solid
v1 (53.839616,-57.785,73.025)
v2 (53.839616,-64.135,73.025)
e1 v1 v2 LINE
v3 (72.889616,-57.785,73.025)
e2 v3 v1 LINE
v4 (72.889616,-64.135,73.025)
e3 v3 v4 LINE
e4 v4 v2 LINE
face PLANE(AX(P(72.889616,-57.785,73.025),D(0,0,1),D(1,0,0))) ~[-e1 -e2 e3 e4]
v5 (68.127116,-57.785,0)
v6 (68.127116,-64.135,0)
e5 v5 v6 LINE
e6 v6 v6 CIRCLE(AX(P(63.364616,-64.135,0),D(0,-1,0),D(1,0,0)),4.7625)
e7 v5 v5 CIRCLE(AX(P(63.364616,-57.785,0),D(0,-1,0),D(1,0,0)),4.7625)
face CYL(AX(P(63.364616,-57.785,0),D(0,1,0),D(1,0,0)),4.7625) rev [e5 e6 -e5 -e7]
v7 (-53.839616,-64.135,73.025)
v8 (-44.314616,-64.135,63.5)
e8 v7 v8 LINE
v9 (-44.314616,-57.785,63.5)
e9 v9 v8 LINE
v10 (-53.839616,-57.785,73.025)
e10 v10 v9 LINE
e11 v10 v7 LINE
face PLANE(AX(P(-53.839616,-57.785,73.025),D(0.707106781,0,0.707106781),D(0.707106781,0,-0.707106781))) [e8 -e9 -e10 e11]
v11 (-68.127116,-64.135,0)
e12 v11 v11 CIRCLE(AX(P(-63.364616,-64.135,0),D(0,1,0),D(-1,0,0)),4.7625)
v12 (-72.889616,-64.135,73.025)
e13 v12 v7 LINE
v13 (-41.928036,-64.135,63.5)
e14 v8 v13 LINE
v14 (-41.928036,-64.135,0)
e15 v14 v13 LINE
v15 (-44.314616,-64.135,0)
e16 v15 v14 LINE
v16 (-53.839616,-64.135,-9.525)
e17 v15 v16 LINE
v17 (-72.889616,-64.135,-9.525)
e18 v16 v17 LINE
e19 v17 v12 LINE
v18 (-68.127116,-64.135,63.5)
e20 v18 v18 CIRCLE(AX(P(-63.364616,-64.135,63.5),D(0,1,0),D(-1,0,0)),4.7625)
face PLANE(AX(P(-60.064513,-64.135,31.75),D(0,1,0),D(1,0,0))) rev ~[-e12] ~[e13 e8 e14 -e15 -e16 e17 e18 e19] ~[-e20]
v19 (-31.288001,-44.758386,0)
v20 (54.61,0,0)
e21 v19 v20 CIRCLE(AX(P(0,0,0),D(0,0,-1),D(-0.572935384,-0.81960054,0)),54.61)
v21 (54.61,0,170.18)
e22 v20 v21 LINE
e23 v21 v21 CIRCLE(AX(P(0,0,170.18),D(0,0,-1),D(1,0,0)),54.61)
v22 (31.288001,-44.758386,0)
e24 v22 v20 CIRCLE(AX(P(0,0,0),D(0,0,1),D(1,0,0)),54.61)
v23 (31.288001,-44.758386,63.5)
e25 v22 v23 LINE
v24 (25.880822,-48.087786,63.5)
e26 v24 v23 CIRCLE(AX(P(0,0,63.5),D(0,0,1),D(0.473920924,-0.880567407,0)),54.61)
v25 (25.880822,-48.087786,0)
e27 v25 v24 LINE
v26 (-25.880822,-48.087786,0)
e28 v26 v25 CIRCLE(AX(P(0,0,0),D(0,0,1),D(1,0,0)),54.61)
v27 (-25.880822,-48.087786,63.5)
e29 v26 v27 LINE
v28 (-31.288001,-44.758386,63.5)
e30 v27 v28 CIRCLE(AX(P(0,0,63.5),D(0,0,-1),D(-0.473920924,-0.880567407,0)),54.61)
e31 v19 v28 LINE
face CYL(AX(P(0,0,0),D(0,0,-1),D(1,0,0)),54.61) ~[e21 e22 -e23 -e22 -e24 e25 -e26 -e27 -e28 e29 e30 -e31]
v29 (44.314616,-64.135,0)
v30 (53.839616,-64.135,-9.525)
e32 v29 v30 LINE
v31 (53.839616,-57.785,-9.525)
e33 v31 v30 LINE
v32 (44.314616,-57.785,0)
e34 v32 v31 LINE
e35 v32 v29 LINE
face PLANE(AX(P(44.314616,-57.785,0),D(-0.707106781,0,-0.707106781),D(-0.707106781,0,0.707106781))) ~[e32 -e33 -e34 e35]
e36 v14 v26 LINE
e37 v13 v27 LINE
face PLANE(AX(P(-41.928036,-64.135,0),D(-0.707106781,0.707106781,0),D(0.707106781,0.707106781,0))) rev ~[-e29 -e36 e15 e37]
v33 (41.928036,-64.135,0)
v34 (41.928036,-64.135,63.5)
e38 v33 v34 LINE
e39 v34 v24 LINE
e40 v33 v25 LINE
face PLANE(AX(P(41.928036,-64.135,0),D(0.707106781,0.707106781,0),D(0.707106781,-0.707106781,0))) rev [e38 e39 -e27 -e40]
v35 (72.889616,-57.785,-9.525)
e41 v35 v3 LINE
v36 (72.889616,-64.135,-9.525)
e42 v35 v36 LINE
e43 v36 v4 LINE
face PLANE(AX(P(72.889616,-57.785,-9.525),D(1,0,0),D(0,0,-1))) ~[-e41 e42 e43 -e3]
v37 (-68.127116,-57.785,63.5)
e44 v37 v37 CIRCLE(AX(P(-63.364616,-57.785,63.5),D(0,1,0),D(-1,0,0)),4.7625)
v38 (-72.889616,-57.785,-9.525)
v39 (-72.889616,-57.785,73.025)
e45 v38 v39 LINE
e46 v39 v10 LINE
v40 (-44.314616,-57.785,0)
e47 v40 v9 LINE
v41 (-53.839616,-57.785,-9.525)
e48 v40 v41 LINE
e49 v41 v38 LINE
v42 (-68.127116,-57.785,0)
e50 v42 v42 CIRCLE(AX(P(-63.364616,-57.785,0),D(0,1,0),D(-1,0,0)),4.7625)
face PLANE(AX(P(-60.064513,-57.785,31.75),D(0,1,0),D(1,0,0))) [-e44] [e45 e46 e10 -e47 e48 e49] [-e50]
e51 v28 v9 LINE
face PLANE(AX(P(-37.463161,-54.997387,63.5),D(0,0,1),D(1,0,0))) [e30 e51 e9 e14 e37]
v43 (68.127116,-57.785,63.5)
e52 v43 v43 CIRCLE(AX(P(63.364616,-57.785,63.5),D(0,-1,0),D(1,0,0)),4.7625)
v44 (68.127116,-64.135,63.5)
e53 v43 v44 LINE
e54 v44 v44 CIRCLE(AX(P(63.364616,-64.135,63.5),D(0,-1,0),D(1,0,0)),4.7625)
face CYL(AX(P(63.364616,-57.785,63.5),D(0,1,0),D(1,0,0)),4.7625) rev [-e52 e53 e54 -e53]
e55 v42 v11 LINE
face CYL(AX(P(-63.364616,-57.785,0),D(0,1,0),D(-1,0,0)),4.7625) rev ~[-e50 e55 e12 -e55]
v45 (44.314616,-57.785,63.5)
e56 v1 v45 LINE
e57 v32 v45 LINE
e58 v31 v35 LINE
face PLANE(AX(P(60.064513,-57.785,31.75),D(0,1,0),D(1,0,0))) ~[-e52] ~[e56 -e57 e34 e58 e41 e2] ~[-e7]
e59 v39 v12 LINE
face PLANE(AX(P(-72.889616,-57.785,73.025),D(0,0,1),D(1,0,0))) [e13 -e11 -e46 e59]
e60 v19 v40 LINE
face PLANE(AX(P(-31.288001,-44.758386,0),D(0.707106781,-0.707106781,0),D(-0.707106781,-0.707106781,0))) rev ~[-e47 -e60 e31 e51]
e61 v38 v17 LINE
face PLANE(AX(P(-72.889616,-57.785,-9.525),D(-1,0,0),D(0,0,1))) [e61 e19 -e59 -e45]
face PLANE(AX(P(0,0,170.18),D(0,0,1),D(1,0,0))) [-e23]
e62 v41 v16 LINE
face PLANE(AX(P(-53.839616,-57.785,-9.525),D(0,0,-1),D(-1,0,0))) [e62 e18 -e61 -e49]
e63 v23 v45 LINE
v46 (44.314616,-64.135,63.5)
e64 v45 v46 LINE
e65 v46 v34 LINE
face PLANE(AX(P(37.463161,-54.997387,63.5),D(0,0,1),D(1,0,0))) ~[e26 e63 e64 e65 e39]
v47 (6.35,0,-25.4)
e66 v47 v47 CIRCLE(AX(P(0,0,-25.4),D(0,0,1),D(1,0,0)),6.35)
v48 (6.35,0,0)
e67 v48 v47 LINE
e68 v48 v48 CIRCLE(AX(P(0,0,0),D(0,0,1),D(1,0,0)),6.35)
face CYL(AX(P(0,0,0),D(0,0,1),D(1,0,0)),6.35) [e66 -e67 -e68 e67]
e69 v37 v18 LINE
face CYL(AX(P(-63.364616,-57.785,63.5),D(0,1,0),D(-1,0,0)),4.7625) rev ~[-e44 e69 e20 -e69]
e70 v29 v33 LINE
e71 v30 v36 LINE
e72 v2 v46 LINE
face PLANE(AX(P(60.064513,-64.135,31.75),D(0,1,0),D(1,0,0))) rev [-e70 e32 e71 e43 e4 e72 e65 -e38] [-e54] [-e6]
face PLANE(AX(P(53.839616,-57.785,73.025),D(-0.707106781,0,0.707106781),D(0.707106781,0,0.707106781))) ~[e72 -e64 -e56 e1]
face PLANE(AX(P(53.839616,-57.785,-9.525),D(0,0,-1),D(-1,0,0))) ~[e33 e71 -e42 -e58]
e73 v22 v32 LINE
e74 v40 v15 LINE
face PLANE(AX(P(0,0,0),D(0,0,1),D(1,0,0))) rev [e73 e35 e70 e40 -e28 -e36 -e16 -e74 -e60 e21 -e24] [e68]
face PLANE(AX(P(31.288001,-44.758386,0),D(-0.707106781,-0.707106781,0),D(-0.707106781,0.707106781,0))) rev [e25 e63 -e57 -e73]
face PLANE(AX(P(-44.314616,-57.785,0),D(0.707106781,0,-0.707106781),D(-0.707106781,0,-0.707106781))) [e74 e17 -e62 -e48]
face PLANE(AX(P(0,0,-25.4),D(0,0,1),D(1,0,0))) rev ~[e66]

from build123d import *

# Parameters (mm, degrees)
SKETCH1_R           = 54.61
BOSS_EXTRUDE1_DEPTH = 170.18
BOSS_EXTRUDE2_START = -170.18
SKETCH2_R           = 6.35
BOSS_EXTRUDE2_DEPTH = 25.4
BOSS_EXTRUDE3_DEPTH = 63.5
SKETCH4_R           = 4.7625
SKETCH4_W           = 3.175
SKETCH4_H           = 63.5
BOSS_EXTRUDE4_DEPTH = 6.35


with BuildPart() as part:
    # Sketch1 → Boss-Extrude1 (new body)
    with BuildSketch(Plane.XY):
        Circle(SKETCH1_R)
    extrude(amount=BOSS_EXTRUDE1_DEPTH)

    # Sketch2 → Boss-Extrude2 (add)
    with BuildSketch(Plane.XY.offset(170.18).offset(BOSS_EXTRUDE2_START)):
        Circle(SKETCH2_R)
    extrude(amount=-BOSS_EXTRUDE2_DEPTH)

    # Sketch3 → Boss-Extrude3 (add)
    with BuildSketch(Plane.XY):
        with BuildLine():
            Line((-31.288001325, -44.758385506), (-44.314615818, -57.785))
            Line((-44.314615818, -57.785), (-47.489615818, -57.785))
            Line((-47.489615818, -57.785), (-47.489615818, -64.135))
            Line((-47.489615818, -64.135), (-41.928035591, -64.135))
            Line((-41.928035591, -64.135), (-25.880821668, -48.087786077))
            ThreePointArc((-25.880821668, -48.087786077), (-28.63284491, -46.501745047), (-31.288001325, -44.758385506))
        make_face()
    extrude(amount=BOSS_EXTRUDE3_DEPTH)

    # Sketch4 → Boss-Extrude4 (add)
    # profile 1 of 2: a face of its own
    with BuildSketch(Plane(origin=(0, -57.785, 0), x_dir=(1, 0, 0), z_dir=(0, 1, 0))):
        Polygon((-72.889615818, -73.025), (-53.839615818, -73.025), (-44.314615818, -63.5), (-47.489615818, -63.5), (-47.489615818, 0), (-44.314615818, 0), (-53.839615818, 9.525), (-72.889615818, 9.525), align=None)
        with Locations(Location((-63.364615818, -63.5, 0), (0, 0, 180))):
            Circle(SKETCH4_R, mode=Mode.SUBTRACT)
        with Locations(Location((-63.364615818, 0, 0), (0, 0, 180))):
            Circle(SKETCH4_R, mode=Mode.SUBTRACT)
    # profile 2 of 2: a face of its own
    with BuildSketch(Plane(origin=(0, -57.785, 0), x_dir=(1, 0, 0), z_dir=(0, 1, 0))):
        with Locations((-45.902115818, -31.75)):
            Rectangle(SKETCH4_W, SKETCH4_H)
    extrude(amount=-BOSS_EXTRUDE4_DEPTH)

    # Mirror1: part across plane


with BuildPart() as part_1:
    add(part.part)
    add(part.part.mirror(Plane(origin=(0, 0, 0), x_dir=(0, 0, 1), z_dir=(1, 0, 0))))


solid = part_1.part
